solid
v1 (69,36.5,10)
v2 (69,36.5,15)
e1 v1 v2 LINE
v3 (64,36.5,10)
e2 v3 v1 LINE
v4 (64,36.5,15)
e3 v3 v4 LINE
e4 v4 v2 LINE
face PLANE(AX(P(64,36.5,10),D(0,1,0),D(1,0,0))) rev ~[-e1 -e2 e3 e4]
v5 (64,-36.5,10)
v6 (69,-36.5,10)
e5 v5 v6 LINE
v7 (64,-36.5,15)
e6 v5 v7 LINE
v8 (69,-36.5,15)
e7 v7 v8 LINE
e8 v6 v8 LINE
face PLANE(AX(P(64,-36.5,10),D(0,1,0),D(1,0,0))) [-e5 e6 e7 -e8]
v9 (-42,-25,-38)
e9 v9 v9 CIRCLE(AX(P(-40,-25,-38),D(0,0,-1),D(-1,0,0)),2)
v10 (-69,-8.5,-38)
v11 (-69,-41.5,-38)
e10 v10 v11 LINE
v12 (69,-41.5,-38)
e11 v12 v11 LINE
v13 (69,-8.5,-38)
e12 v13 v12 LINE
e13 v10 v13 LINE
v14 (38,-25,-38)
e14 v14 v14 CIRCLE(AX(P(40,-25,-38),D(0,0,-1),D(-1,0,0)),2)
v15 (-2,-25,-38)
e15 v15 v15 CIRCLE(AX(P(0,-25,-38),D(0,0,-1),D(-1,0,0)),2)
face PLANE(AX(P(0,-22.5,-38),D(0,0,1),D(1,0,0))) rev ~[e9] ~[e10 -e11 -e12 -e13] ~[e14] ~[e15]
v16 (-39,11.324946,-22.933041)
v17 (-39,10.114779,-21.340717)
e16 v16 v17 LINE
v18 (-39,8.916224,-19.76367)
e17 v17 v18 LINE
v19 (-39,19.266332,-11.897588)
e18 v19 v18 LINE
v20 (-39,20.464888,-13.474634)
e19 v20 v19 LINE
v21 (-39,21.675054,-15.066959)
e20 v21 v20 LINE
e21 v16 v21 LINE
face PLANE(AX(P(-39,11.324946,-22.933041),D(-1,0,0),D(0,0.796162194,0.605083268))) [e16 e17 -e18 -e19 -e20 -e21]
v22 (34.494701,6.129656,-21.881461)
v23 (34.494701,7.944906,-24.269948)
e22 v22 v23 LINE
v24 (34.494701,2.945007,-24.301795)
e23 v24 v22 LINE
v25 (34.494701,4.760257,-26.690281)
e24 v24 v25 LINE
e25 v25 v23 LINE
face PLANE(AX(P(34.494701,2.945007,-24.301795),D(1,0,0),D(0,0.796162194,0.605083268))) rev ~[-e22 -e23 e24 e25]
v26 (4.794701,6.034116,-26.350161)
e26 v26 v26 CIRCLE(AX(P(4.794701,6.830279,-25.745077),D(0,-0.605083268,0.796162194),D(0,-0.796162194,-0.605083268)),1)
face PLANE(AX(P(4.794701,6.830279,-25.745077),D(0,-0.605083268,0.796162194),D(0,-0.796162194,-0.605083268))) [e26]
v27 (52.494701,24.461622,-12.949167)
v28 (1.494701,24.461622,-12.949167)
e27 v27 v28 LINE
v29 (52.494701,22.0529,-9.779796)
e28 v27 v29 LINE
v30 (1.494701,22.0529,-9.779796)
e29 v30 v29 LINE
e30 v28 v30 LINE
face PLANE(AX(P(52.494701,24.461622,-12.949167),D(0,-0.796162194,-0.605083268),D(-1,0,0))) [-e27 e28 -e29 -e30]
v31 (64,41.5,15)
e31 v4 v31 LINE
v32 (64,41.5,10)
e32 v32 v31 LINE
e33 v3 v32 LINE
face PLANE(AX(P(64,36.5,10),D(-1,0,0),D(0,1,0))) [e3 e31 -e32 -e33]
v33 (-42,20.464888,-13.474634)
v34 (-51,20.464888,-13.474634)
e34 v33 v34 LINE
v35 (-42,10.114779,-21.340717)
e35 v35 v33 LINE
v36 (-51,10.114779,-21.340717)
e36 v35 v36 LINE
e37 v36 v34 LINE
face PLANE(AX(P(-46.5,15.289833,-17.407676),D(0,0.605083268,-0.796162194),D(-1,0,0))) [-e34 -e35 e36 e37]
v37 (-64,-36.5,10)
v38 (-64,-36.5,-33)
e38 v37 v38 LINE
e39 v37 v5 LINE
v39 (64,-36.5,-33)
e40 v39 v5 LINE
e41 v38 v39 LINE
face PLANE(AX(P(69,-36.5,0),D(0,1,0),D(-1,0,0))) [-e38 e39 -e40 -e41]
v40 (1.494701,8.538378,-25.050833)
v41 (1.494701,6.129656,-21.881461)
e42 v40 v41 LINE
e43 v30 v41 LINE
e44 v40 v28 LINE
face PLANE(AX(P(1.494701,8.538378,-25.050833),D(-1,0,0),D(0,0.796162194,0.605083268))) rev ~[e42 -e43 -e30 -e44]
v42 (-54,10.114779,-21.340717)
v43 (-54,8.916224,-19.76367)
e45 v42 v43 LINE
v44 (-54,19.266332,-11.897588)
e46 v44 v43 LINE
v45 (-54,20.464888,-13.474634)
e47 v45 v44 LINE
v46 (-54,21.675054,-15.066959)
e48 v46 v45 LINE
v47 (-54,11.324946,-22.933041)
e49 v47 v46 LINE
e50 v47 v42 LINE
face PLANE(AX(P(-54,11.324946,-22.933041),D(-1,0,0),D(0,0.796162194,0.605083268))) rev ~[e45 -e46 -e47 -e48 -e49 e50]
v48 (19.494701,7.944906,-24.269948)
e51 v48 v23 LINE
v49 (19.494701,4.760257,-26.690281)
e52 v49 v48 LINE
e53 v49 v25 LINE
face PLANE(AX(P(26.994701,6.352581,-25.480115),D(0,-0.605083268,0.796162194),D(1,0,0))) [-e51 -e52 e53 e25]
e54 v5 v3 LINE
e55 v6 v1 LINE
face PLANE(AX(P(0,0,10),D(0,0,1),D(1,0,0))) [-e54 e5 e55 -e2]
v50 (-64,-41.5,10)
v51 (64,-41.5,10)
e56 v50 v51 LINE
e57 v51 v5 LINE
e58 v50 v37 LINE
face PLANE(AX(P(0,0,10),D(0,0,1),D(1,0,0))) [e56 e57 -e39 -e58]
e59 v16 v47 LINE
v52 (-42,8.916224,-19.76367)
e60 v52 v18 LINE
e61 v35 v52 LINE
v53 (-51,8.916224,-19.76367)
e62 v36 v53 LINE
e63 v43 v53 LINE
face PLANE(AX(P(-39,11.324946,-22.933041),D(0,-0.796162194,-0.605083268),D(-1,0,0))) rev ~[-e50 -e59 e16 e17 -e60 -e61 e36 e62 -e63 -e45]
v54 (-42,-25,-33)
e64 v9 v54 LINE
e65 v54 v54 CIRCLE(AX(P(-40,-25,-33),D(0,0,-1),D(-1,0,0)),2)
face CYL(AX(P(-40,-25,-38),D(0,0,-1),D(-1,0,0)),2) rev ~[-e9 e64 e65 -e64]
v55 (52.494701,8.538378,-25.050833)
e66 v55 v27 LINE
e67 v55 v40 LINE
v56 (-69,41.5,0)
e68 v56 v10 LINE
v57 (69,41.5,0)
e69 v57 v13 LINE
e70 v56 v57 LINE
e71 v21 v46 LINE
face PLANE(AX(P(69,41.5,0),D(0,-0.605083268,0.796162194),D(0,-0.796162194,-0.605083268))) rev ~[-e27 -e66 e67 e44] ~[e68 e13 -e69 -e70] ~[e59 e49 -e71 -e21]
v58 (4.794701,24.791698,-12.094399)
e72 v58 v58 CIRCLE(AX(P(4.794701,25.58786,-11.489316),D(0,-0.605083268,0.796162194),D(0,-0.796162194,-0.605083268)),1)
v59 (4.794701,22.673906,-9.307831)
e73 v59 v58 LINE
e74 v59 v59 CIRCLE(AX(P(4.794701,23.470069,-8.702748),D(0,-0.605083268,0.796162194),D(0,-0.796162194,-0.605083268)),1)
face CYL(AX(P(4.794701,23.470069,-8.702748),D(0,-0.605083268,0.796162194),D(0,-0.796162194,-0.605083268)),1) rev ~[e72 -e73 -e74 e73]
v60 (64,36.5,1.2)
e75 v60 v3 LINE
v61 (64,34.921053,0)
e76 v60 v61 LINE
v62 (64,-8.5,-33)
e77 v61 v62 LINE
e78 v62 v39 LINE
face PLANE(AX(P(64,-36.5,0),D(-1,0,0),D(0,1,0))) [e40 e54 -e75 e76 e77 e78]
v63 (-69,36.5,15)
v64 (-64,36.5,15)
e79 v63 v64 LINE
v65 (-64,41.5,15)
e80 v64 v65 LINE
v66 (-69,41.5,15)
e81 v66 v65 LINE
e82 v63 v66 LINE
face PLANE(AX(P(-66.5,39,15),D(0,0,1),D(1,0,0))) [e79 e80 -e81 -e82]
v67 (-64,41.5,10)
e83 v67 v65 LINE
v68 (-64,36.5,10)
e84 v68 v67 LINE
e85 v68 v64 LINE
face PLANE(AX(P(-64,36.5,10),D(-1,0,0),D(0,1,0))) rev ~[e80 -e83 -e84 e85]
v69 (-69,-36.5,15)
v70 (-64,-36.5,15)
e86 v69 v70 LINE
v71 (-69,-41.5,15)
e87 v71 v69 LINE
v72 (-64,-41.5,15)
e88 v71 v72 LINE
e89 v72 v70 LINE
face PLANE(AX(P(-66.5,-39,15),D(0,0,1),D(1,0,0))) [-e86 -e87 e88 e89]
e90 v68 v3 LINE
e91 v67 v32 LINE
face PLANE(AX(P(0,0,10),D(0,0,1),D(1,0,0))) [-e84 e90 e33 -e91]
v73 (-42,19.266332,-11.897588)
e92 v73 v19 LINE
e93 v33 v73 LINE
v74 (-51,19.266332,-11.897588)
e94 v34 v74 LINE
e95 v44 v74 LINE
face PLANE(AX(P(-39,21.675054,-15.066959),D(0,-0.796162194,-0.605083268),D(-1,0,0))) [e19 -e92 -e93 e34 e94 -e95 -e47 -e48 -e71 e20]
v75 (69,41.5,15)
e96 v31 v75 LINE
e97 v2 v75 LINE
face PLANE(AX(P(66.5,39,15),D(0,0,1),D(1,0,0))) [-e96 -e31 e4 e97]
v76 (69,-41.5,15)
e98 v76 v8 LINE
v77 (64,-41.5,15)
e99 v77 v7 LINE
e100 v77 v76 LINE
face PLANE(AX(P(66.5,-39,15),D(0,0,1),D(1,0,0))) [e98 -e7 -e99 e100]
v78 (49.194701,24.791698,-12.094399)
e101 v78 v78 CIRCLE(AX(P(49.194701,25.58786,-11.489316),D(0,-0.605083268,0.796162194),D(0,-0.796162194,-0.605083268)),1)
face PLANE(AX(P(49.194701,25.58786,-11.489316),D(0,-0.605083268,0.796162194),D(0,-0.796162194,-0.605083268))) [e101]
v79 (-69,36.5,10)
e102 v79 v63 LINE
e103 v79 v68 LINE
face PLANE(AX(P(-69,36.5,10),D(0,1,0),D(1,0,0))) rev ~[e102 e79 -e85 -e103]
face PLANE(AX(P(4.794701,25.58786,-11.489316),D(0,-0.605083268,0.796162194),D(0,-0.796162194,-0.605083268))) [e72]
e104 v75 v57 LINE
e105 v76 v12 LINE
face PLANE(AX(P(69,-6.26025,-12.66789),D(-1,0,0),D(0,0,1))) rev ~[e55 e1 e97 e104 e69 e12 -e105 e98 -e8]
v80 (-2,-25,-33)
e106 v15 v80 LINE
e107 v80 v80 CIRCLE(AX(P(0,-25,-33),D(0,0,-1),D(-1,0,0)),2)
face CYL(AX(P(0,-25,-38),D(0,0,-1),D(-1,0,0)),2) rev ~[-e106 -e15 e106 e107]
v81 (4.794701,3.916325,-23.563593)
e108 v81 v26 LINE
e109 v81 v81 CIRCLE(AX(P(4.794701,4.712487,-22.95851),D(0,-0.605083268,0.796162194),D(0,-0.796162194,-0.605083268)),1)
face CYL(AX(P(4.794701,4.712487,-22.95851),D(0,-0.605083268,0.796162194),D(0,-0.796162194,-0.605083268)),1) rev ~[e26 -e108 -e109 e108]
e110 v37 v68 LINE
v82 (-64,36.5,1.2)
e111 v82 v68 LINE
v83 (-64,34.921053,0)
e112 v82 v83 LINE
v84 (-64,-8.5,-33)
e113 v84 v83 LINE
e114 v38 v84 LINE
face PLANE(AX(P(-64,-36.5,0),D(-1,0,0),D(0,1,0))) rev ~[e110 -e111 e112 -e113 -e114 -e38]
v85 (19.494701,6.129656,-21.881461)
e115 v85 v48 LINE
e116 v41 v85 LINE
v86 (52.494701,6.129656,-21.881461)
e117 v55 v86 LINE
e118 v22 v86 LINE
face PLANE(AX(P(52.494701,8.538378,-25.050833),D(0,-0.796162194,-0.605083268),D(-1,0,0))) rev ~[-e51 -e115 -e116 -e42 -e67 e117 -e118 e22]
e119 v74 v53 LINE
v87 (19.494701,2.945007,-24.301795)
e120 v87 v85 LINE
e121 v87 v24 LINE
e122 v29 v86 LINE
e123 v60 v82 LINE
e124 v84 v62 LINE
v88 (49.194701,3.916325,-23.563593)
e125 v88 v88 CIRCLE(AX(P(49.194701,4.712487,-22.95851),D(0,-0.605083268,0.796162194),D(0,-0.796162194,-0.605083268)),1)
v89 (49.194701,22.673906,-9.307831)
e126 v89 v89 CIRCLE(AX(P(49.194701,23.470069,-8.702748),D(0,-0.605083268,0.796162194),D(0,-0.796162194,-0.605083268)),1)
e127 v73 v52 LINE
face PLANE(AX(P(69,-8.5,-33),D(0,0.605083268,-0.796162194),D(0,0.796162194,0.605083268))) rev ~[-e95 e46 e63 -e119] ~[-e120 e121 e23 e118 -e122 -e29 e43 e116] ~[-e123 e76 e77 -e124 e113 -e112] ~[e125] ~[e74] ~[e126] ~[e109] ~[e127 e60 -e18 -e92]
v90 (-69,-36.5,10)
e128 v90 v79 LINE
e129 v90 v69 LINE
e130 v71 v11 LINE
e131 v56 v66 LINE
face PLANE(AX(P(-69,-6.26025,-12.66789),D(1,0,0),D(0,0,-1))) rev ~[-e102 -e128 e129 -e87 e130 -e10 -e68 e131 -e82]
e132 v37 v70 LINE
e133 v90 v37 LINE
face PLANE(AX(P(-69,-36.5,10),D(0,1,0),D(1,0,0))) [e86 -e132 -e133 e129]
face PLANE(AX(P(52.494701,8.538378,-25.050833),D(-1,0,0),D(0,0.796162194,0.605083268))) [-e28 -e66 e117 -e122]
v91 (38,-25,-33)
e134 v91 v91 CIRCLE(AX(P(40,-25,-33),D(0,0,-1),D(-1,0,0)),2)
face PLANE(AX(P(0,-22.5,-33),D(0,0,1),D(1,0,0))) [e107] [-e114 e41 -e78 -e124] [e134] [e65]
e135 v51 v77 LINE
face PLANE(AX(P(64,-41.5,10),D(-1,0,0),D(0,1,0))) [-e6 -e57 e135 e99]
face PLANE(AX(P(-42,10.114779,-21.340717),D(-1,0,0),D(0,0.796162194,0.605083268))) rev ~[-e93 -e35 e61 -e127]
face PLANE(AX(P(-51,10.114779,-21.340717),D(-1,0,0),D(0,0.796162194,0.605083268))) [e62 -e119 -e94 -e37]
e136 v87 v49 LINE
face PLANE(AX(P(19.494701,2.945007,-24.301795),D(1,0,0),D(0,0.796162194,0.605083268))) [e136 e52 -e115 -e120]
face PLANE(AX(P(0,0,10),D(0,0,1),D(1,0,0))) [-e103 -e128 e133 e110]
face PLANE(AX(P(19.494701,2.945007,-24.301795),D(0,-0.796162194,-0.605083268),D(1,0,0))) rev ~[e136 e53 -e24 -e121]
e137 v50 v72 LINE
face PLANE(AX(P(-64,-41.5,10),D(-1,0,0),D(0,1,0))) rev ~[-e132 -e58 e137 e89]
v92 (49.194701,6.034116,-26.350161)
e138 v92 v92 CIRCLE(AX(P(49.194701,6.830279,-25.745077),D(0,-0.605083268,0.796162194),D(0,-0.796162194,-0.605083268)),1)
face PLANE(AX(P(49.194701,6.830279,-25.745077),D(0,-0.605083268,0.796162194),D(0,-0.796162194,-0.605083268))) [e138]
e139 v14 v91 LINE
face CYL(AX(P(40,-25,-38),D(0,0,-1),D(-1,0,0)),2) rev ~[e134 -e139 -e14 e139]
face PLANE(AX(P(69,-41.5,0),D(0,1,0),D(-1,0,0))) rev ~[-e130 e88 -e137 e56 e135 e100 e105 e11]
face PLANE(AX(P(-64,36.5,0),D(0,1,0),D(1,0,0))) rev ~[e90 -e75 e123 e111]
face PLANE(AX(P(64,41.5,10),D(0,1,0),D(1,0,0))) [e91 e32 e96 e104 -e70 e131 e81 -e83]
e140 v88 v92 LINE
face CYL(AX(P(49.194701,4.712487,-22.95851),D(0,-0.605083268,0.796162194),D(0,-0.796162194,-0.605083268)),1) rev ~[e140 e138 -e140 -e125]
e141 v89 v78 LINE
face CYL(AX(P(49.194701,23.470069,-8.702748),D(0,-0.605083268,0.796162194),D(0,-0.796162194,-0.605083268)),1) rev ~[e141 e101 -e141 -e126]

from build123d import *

# Parameters (mm, degrees)
SKETCH1_W           = 138
SKETCH1_H           = 83
SKETCH1_W_2         = 128
SKETCH1_H_2         = 73
BOSS_EXTRUDE1_DEPTH = 10
SKETCH2_W           = 5
SKETCH2_H           = 5
BOSS_EXTRUDE2_DEPTH = 5
SKETCH3_W           = 138
SKETCH3_H           = 5
BOSS_EXTRUDE3_DEPTH = 38
SKETCH6_W           = 138
SKETCH6_H           = 28
BOSS_EXTRUDE4_DEPTH = 5
BOSS_EXTRUDE5_DEPTH = 138
BOSS_EXTRUDE6_DEPTH = 5
BOSS_EXTRUDE7_DEPTH = 5
CUT_EXTRUDE1_REACH  = 97.915
SKETCH14_W          = 51
SKETCH14_H          = 20
SKETCH16_W          = 15
SKETCH16_H          = 13
CUT_EXTRUDE2_DEPTH  = 2
CUT_EXTRUDE3_REACH  = 96.631
SKETCH17_W          = 3
SKETCH17_H          = 13
SKETCH18_R          = 1
CUT_EXTRUDE4_DEPTH  = 3.5
CUT_EXTRUDE5_REACH  = 98.396
SKETCH19_R          = 2
SKETCH20_W          = 15
SKETCH20_H          = 4
CUT_EXTRUDE6_DEPTH  = 3


with BuildPart() as part:
    # Sketch1 → Boss-Extrude1 (new body)
    with BuildSketch(Plane.XY):
        Rectangle(SKETCH1_W, SKETCH1_H)
        Rectangle(SKETCH1_W_2, SKETCH1_H_2, mode=Mode.SUBTRACT)
    extrude(amount=BOSS_EXTRUDE1_DEPTH)

    # Sketch2 → Boss-Extrude2 (add)
    with BuildSketch(Plane.XY.offset(10)):
        with Locations((66.5, 39)):
            Rectangle(SKETCH2_W, SKETCH2_H)
        with Locations((66.5, -39)):
            Rectangle(SKETCH2_W, SKETCH2_H)
        with Locations((-66.5, -39)):
            Rectangle(SKETCH2_W, SKETCH2_H)
        with Locations((-66.5, 39)):
            Rectangle(SKETCH2_W, SKETCH2_H)
    extrude(amount=BOSS_EXTRUDE2_DEPTH)

    # Sketch3 → Boss-Extrude3 (add)
    with BuildSketch(Plane(origin=(0, 0, 0), x_dir=(-1, 0, 0), z_dir=(0, 0, -1))):
        with Locations((0, -39)):
            Rectangle(SKETCH3_W, SKETCH3_H)
    extrude(amount=BOSS_EXTRUDE3_DEPTH)

    # Sketch6 → Boss-Extrude4 (add)
    with BuildSketch(Plane.XY.offset(-38)):
        with Locations((0, -22.5)):
            Rectangle(SKETCH6_W, SKETCH6_H)
    extrude(amount=BOSS_EXTRUDE4_DEPTH)

    # Sketch8 → Boss-Extrude5 (add, through all)
    with BuildSketch(Plane(origin=(69, 0, 0), x_dir=(0, 0, -1), z_dir=(1, 0, 0))):
        Polygon((0, 41.5), (38, -8.5), (33, -8.5), (-5, 41.5), align=None)
    extrude(amount=-BOSS_EXTRUDE5_DEPTH)

    # Sketch9 → Boss-Extrude6 (add)
    with BuildSketch(Plane(origin=(69, 0, 0), x_dir=(0, 0, -1), z_dir=(1, 0, 0))):
        Polygon((0, 34.921052632), (33, -8.5), (33, -36.5), (0, -36.5), align=None)
    extrude(amount=-BOSS_EXTRUDE6_DEPTH)

    # Sketch10 → Boss-Extrude7 (add)
    with BuildSketch(Plane.ZY.offset(69)):
        Polygon((0, 34.921052632), (0, -36.5), (-33, -36.5), (-33, -8.5), align=None)
    extrude(amount=-BOSS_EXTRUDE7_DEPTH)

    # Sketch14 → Cut-Extrude1 (cut, up to next)
    with BuildSketch(Plane(origin=(0, 15.194219067, -19.992393509), x_dir=(-1, 0, 0), z_dir=(0, 0.6050832675335605, -0.7961621941231005)), mode=Mode.PRIVATE) as cut_extrude1_sk1:
        with Locations((-26.994700685, 1.64009412)):
            Rectangle(SKETCH14_W, SKETCH14_H)
    cut_extrude1_tool1 = extrude(cut_extrude1_sk1.sketch, amount=-CUT_EXTRUDE1_REACH, mode=Mode.PRIVATE) & part.part
    add(cut_extrude1_tool1.solids().sort_by_distance((26.994701, 16.5, -19))[0], mode=Mode.SUBTRACT)

    # Sketch16 → Cut-Extrude2 (cut)
    with BuildSketch(Plane(origin=(0, 15.194219067, -19.992393509), x_dir=(-1, 0, 0), z_dir=(0, 0.6050832675335606, -0.7961621941231006))):
        with Locations((46.5, 1.64009412)):
            Rectangle(SKETCH16_W, SKETCH16_H)
    extrude(amount=-CUT_EXTRUDE2_DEPTH, mode=Mode.SUBTRACT)

    # Sketch17 → Cut-Extrude3 (cut, up to next)
    with BuildSketch(Plane(origin=(0, 13.984052532, -18.400069121), x_dir=(-1, 0, 0), z_dir=(0, 0.6050832675335606, -0.7961621941231006)), mode=Mode.PRIVATE) as cut_extrude3_sk1:
        with Locations((40.5, 1.64009412)):
            Rectangle(SKETCH17_W, SKETCH17_H)
    cut_extrude3_tool1 = extrude(cut_extrude3_sk1.sketch, amount=-CUT_EXTRUDE3_REACH, mode=Mode.PRIVATE) & part.part
    # Sketch17 → Cut-Extrude3 (cut, up to next)
    with BuildSketch(Plane(origin=(0, 13.984052532, -18.400069121), x_dir=(-1, 0, 0), z_dir=(0, 0.6050832675335606, -0.7961621941231006)), mode=Mode.PRIVATE) as cut_extrude3_sk2:
        with Locations((52.5, 1.64009412)):
            Rectangle(SKETCH17_W, SKETCH17_H)
    cut_extrude3_tool2 = extrude(cut_extrude3_sk2.sketch, amount=-CUT_EXTRUDE3_REACH, mode=Mode.PRIVATE) & part.part
    add(cut_extrude3_tool1.solids().sort_by_distance((-40.5, 15.289833, -17.407676))[0], mode=Mode.SUBTRACT)
    add(cut_extrude3_tool2.solids().sort_by_distance((-52.5, 15.289833, -17.407676))[0], mode=Mode.SUBTRACT)

    # Sketch18 → Cut-Extrude4 (cut)
    with BuildSketch(Plane(origin=(0, 12.785496957, -16.823022312), x_dir=(1, 0, 0), z_dir=(0, -0.6050832675335605, 0.7961621941231007))):
        with Locations(Location((49.194700685, -10.13990588, 0), (0, 0, 270))):
            Circle(SKETCH18_R)
        with Locations(Location((4.794700685, -10.13990588, 0), (0, 0, 270))):
            Circle(SKETCH18_R)
        with Locations(Location((4.794700685, 13.42009412, 0), (0, 0, 270))):
            Circle(SKETCH18_R)
        with Locations(Location((49.194700685, 13.42009412, 0), (0, 0, 270))):
            Circle(SKETCH18_R)
    extrude(amount=-CUT_EXTRUDE4_DEPTH, mode=Mode.SUBTRACT)

    # Sketch19 → Cut-Extrude5 (cut, up to next)
    with BuildSketch(Plane(origin=(0, 0, -38), x_dir=(-1, 0, 0), z_dir=(0, 0, -1)), mode=Mode.PRIVATE) as cut_extrude5_sk1:
        with Locations((40, -25)):
            Circle(SKETCH19_R)
    cut_extrude5_tool1 = extrude(cut_extrude5_sk1.sketch, amount=-CUT_EXTRUDE5_REACH, mode=Mode.PRIVATE) & part.part
    # Sketch19 → Cut-Extrude5 (cut, up to next)
    with BuildSketch(Plane(origin=(0, 0, -38), x_dir=(-1, 0, 0), z_dir=(0, 0, -1)), mode=Mode.PRIVATE) as cut_extrude5_sk2:
        with Locations((0, -25)):
            Circle(SKETCH19_R)
    cut_extrude5_tool2 = extrude(cut_extrude5_sk2.sketch, amount=-CUT_EXTRUDE5_REACH, mode=Mode.PRIVATE) & part.part
    # Sketch19 → Cut-Extrude5 (cut, up to next)
    with BuildSketch(Plane(origin=(0, 0, -38), x_dir=(-1, 0, 0), z_dir=(0, 0, -1)), mode=Mode.PRIVATE) as cut_extrude5_sk3:
        with Locations((-40, -25)):
            Circle(SKETCH19_R)
    cut_extrude5_tool3 = extrude(cut_extrude5_sk3.sketch, amount=-CUT_EXTRUDE5_REACH, mode=Mode.PRIVATE) & part.part
    add(cut_extrude5_tool1.solids().sort_by_distance((-40, -25, -38))[0], mode=Mode.SUBTRACT)
    add(cut_extrude5_tool2.solids().sort_by_distance((0, -25, -38))[0], mode=Mode.SUBTRACT)
    add(cut_extrude5_tool3.solids().sort_by_distance((40, -25, -38))[0], mode=Mode.SUBTRACT)

    # Sketch20 → Cut-Extrude6 (cut)
    with BuildSketch(Plane(origin=(0, 12.785496957, -16.823022312), x_dir=(1, 0, 0), z_dir=(0, -0.6050832675335605, 0.7961621941231007))):
        with Locations((26.994700685, -10.35990588)):
            Rectangle(SKETCH20_W, SKETCH20_H)
    extrude(amount=-CUT_EXTRUDE6_DEPTH, mode=Mode.SUBTRACT)


solid = part.part
